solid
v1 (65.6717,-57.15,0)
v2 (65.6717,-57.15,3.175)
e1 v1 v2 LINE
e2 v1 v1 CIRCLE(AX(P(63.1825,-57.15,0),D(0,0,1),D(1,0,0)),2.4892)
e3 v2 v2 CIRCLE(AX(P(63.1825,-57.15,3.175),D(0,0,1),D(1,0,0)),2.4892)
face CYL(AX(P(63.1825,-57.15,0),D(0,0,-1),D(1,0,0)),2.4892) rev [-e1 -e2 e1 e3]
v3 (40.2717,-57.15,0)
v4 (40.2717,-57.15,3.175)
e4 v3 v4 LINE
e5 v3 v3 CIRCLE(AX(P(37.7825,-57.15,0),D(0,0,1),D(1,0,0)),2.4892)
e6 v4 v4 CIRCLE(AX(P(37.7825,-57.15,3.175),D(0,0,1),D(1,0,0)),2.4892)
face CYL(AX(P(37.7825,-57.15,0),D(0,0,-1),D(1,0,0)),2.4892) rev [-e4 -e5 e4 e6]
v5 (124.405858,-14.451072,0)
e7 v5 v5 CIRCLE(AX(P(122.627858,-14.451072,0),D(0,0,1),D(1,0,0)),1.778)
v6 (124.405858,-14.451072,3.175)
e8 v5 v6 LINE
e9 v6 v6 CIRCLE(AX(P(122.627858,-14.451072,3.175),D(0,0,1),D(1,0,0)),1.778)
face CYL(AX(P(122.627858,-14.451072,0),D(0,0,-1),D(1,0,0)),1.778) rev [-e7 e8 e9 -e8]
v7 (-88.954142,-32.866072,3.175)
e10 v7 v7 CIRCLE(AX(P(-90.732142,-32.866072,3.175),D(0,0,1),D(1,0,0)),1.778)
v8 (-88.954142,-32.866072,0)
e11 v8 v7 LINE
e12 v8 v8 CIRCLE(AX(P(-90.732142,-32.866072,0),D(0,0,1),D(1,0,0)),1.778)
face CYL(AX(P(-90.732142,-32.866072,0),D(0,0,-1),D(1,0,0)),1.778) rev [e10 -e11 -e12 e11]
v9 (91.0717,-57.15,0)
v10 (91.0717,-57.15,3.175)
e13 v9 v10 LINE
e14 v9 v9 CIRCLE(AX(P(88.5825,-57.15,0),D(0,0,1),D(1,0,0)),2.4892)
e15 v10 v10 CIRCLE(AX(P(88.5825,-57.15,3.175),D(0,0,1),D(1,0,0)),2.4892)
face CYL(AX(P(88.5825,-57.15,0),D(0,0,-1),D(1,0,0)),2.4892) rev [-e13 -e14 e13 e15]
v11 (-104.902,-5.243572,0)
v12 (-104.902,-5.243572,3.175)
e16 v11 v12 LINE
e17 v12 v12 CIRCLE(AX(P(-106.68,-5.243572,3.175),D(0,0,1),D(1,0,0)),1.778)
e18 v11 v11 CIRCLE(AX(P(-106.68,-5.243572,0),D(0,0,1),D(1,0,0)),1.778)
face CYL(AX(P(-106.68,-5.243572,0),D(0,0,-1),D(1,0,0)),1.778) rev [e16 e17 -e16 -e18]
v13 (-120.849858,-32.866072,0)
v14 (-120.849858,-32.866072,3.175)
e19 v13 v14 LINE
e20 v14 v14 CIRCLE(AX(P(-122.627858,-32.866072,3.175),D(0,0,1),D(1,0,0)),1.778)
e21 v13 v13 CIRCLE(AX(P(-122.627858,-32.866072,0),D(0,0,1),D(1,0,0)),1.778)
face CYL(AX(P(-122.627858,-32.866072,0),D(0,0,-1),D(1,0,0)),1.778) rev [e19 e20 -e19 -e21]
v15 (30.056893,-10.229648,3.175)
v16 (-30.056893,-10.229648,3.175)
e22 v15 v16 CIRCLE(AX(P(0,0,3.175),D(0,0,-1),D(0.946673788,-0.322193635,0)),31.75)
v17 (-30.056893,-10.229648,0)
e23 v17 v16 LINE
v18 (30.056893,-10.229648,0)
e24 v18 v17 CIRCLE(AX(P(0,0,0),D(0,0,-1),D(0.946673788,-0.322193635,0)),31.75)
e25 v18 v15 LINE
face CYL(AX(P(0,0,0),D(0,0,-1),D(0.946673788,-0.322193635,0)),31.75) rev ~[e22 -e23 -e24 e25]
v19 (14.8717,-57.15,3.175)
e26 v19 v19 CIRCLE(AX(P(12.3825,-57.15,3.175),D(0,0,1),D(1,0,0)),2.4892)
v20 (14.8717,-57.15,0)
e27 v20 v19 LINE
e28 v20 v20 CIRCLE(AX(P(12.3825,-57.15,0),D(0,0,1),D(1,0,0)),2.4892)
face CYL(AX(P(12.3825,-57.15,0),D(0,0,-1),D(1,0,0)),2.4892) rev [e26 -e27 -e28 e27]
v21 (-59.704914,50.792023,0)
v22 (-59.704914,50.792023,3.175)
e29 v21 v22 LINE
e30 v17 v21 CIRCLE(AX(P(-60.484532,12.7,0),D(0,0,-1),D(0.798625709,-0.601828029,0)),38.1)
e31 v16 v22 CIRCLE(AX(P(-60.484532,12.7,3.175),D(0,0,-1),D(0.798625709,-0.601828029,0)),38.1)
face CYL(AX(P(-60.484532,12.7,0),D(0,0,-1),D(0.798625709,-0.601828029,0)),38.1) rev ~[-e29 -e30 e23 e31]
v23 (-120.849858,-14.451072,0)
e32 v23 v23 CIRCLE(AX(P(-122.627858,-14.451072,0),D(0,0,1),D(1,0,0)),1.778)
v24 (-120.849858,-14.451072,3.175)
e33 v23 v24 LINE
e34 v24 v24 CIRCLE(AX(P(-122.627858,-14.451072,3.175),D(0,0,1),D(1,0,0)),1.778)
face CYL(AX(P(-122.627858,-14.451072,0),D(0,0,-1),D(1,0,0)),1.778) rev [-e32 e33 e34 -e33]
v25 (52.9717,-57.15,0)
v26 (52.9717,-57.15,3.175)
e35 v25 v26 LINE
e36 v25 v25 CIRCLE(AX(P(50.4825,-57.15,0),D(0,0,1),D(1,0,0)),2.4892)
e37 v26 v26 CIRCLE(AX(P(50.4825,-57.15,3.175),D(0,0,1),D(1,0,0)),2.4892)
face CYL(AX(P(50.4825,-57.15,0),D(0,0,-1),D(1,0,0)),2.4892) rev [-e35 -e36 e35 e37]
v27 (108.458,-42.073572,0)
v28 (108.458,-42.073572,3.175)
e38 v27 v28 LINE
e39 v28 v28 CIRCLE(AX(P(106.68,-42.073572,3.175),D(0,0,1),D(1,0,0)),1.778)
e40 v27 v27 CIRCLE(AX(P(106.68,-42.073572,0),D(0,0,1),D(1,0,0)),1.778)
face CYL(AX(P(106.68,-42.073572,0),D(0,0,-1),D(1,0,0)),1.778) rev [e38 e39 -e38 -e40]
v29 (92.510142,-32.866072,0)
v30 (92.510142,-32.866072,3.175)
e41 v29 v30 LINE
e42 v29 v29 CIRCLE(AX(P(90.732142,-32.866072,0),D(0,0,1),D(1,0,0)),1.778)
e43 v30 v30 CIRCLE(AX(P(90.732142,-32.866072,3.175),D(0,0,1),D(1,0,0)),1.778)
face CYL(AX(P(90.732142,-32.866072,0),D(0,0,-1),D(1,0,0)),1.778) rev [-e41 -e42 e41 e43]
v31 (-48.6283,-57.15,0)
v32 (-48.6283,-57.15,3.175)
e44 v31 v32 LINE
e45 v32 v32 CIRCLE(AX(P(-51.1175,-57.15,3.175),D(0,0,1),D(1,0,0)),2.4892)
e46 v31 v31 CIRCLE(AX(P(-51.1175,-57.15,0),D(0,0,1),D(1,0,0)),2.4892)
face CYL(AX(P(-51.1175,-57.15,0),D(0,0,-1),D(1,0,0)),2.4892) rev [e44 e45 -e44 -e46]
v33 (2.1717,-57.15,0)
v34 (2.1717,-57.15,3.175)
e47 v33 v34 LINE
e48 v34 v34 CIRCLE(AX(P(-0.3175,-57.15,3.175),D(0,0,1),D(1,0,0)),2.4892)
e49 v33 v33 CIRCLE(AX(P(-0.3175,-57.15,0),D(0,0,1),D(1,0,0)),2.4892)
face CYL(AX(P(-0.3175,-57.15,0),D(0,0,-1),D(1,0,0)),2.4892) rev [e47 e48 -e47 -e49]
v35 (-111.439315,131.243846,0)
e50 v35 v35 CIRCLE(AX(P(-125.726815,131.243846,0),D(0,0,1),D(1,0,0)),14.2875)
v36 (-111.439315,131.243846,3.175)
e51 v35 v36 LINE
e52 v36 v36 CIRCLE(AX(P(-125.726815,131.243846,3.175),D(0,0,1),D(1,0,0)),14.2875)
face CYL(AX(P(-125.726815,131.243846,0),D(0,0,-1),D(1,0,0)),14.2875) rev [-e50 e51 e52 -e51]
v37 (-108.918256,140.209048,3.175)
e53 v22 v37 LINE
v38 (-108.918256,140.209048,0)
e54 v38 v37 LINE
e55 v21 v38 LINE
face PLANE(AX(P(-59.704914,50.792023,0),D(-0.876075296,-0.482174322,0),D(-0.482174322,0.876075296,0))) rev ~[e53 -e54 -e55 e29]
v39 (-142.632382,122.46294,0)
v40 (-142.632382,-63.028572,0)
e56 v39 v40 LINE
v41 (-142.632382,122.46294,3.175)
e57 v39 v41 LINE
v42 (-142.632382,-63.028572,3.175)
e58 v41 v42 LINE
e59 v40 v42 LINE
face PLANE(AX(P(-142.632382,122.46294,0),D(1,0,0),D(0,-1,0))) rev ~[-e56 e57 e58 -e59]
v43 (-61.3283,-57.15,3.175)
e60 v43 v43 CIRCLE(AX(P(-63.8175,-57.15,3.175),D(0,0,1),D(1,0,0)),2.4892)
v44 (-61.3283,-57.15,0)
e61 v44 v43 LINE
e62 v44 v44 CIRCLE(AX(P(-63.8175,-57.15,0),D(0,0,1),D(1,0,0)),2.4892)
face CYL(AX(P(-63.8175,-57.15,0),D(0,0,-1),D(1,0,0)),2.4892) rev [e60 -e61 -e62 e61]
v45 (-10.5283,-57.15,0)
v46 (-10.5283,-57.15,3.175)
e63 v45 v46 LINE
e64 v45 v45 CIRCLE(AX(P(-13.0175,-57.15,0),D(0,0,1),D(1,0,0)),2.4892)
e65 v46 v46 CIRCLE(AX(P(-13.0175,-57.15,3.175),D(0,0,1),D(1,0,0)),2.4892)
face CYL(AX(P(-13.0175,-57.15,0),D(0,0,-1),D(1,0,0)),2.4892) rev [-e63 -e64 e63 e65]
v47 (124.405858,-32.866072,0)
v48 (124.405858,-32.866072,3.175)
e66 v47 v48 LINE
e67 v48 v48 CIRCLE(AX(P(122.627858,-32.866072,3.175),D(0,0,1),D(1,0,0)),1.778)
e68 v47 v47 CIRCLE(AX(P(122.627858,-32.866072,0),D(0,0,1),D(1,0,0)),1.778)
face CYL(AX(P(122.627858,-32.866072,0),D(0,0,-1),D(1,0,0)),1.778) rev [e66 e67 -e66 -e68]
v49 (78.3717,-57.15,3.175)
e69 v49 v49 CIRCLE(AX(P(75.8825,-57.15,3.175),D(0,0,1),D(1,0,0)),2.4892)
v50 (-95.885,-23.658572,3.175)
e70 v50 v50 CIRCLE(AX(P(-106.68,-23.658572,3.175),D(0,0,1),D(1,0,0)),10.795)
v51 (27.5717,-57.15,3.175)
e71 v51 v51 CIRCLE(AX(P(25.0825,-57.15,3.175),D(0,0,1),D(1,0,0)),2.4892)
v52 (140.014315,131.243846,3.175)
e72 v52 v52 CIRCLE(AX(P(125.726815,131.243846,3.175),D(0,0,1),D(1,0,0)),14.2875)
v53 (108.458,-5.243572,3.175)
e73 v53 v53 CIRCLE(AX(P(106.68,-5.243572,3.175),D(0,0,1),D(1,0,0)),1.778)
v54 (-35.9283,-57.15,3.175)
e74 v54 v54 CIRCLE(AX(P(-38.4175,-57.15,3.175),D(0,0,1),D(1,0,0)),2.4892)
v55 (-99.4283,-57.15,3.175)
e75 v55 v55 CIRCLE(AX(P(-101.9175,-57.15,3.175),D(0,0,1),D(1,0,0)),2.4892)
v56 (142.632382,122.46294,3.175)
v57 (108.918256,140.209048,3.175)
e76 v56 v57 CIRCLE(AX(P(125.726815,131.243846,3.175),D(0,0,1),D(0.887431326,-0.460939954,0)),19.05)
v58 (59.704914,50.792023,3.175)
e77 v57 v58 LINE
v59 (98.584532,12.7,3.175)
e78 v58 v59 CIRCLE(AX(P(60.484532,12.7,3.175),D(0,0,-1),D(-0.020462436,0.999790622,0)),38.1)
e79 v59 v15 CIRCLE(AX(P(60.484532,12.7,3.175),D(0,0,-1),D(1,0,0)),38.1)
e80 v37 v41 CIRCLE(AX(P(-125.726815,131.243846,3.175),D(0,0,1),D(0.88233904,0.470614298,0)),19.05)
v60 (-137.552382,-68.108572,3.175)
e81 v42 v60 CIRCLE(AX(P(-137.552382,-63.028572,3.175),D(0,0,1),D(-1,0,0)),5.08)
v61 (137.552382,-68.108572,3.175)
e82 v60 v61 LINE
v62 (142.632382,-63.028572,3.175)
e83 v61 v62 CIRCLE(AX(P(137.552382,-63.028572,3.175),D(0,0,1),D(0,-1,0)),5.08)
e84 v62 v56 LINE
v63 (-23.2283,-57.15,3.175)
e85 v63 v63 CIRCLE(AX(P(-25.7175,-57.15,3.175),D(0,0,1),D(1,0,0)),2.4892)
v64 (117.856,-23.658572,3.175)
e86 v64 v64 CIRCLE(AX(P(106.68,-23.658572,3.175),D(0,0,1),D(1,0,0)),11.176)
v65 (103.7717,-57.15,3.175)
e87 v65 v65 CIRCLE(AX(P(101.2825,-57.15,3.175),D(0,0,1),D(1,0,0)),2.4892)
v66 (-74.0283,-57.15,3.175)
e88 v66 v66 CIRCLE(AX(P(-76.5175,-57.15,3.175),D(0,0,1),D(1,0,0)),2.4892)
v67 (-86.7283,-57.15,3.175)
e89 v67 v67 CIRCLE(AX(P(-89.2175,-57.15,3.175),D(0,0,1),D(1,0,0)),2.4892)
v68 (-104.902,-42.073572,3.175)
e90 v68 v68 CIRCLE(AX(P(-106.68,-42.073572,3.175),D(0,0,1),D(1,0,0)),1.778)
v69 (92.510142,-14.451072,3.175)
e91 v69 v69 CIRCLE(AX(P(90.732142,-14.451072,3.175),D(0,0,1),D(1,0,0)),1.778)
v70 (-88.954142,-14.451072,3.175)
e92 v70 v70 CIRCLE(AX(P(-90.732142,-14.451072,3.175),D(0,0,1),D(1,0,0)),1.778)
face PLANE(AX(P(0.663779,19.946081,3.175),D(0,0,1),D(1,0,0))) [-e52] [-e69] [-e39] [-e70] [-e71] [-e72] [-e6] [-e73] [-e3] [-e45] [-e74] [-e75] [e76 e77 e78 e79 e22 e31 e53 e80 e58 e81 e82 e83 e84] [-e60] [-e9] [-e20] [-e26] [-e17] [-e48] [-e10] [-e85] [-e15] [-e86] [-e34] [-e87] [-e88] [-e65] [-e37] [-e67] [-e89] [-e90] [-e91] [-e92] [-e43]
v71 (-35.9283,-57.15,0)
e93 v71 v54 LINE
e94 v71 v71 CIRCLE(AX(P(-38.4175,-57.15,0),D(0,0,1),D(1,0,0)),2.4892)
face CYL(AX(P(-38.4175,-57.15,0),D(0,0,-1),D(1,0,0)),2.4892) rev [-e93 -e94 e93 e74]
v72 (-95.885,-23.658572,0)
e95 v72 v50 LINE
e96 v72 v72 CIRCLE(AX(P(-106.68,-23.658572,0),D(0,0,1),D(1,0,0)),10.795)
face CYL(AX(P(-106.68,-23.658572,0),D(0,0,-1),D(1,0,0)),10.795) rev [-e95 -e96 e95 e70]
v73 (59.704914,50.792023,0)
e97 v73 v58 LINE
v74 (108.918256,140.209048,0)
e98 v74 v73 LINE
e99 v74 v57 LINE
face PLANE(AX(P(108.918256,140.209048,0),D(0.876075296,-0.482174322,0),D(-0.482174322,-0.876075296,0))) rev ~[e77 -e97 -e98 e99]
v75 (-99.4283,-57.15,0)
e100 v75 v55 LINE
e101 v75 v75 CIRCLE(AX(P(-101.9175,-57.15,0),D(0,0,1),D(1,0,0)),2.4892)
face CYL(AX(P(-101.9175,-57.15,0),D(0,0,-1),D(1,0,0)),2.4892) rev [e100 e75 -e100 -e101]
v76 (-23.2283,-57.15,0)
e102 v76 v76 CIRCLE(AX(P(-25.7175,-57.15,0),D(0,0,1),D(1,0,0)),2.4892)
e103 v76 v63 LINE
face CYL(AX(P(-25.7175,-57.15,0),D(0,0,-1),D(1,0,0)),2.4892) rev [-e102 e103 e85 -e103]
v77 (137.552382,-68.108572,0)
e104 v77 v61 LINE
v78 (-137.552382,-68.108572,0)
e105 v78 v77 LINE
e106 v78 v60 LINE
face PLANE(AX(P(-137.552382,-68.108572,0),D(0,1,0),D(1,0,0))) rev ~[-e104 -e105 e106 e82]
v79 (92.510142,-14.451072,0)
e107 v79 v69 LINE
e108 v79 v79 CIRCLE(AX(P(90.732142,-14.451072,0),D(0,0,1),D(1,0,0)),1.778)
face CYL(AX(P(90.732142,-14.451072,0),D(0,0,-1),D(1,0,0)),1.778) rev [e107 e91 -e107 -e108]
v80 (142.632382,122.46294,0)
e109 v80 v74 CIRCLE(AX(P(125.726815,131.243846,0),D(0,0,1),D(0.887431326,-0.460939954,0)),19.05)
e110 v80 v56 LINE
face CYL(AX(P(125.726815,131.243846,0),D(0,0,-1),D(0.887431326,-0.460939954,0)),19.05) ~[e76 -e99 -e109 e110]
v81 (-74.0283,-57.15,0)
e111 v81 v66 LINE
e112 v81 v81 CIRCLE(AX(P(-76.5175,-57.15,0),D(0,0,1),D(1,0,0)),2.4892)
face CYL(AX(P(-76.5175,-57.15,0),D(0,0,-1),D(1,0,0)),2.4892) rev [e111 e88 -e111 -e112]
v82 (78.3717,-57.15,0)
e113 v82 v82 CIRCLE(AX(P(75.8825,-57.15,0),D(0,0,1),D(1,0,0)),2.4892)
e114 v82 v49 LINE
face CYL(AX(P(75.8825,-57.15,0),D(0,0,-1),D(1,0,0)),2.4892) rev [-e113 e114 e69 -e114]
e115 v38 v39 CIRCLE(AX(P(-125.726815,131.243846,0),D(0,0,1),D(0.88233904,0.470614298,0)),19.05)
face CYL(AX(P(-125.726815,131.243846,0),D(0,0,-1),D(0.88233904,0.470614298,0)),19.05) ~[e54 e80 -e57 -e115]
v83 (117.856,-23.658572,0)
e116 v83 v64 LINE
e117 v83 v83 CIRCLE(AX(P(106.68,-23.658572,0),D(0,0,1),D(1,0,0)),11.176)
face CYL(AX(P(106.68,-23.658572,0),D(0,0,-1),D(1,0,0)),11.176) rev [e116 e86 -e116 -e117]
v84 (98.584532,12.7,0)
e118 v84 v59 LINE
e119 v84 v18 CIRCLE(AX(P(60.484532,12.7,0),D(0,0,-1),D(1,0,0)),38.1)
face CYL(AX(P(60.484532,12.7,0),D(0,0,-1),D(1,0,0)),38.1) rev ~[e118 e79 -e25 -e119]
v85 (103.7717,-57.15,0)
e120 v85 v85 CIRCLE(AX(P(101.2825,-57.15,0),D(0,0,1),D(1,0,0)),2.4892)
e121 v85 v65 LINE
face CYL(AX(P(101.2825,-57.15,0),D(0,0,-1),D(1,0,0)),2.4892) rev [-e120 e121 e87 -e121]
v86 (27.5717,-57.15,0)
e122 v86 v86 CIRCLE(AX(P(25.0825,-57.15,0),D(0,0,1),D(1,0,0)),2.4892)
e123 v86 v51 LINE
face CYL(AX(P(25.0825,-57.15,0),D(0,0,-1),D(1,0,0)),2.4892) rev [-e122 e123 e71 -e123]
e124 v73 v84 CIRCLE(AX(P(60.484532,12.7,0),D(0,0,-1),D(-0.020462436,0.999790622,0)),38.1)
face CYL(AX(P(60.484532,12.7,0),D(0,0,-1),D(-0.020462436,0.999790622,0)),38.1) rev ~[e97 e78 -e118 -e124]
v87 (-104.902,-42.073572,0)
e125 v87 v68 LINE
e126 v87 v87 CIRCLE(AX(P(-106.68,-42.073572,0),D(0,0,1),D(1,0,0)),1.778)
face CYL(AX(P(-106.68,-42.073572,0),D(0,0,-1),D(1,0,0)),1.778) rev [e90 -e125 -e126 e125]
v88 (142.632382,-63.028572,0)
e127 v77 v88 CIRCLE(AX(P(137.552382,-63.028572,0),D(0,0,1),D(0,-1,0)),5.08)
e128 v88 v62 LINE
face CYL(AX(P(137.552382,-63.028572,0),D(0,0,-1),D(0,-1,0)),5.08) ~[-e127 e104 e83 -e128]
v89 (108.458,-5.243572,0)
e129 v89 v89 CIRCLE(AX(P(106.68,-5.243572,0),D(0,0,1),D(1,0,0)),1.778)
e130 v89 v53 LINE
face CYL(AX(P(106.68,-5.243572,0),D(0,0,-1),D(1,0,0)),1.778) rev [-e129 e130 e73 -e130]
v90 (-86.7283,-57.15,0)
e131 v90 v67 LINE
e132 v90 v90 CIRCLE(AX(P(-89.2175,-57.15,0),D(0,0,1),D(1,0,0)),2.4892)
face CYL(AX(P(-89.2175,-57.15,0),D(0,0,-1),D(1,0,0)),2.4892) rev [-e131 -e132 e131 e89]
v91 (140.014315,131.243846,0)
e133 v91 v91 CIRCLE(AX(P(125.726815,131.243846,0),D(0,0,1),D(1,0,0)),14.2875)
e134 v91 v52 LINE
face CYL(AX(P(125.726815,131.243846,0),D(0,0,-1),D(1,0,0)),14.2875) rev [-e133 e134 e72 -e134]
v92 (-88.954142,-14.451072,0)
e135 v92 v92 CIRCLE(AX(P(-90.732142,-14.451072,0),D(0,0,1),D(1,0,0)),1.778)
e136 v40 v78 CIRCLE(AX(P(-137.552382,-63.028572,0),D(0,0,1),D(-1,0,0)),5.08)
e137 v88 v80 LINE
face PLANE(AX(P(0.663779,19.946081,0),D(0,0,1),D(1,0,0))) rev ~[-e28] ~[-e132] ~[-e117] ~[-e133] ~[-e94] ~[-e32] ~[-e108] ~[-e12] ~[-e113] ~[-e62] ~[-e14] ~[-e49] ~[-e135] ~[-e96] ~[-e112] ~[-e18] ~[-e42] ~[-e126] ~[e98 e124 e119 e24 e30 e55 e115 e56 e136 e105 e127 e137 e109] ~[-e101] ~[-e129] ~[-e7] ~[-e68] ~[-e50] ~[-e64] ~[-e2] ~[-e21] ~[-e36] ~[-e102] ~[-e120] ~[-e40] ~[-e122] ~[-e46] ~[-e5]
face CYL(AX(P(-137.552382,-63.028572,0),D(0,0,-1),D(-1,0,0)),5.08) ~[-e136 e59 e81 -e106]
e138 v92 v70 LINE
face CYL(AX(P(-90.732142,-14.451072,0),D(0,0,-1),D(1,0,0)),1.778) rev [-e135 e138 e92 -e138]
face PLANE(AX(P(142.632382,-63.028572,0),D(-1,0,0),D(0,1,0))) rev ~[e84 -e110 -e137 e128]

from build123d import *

# Parameters (mm, degrees)
SKETCH2_R           = 2.4892
SKETCH2_R_2         = 1.778
SKETCH2_R_3         = 10.795
SKETCH2_R_4         = 11.176
SKETCH2_R_5         = 14.2875
BOSS_EXTRUDE1_DEPTH = 3.175


with BuildPart() as part:
    # Sketch2 → Boss-Extrude1 (new body)
    with BuildSketch(Plane.XY):
        with BuildLine():
            Line((142.632381685, -29.937060043), (142.632381685, 122.462939957))
            ThreePointArc((142.632381685, 122.462939957), (134.600001748, 148.101160684), (108.918256202, 140.209048468))
            Line((108.918256202, 140.209048468), (59.7049135, 50.792022715))
            ThreePointArc((59.7049135, 50.792022715), (87.148239137, 39.915009432), (98.584532313, 12.7))
            ThreePointArc((98.584532313, 12.7), (72.574133919, -23.431032825), (30.056892785, -10.229647899))
            ThreePointArc((30.056892785, -10.229647899), (0, -31.75), (-30.056892785, -10.229647899))
            ThreePointArc((-30.056892785, -10.229647899), (-94.75382344, -3.950095664), (-59.7049135, 50.792022715))
            Line((-59.7049135, 50.792022715), (-108.918256202, 140.209048469))
            ThreePointArc((-108.918256202, 140.209048469), (-134.600001748, 148.101160684), (-142.632381685, 122.462939957))
            Line((-142.632381685, 122.462939957), (-142.632381685, -29.937060043))
            Line((-142.632381685, -29.937060043), (-142.632381685, -57.15))
            Line((-142.632381685, -57.15), (-142.632381685, -63.028571866))
            ThreePointArc((-142.632381685, -63.028571866), (-141.144484133, -66.620674314), (-137.552381685, -68.108571866))
            Line((-137.552381685, -68.108571866), (137.552381685, -68.108571866))
            ThreePointArc((137.552381685, -68.108571866), (141.144484133, -66.620674314), (142.632381685, -63.028571866))
            Line((142.632381685, -63.028571866), (142.632381685, -57.15))
            Line((142.632381685, -57.15), (142.632381685, -29.937060043))
        make_face()
        with Locations((-101.9175, -57.15)):
            Circle(SKETCH2_R, mode=Mode.SUBTRACT)
        with Locations((-89.2175, -57.15)):
            Circle(SKETCH2_R, mode=Mode.SUBTRACT)
        with Locations((-76.5175, -57.15)):
            Circle(SKETCH2_R, mode=Mode.SUBTRACT)
        with Locations((-106.68, -42.073571866)):
            Circle(SKETCH2_R_2, mode=Mode.SUBTRACT)
        with Locations((-122.627857811, -32.866071866)):
            Circle(SKETCH2_R_2, mode=Mode.SUBTRACT)
        with Locations((-122.627857811, -14.451071866)):
            Circle(SKETCH2_R_2, mode=Mode.SUBTRACT)
        with Locations((-90.732142189, -32.866071866)):
            Circle(SKETCH2_R_2, mode=Mode.SUBTRACT)
        with Locations((-106.68, -23.658571866)):
            Circle(SKETCH2_R_3, mode=Mode.SUBTRACT)
        with Locations((-90.732142189, -14.451071866)):
            Circle(SKETCH2_R_2, mode=Mode.SUBTRACT)
        with Locations((-63.8175, -57.15)):
            Circle(SKETCH2_R, mode=Mode.SUBTRACT)
        with Locations((-51.1175, -57.15)):
            Circle(SKETCH2_R, mode=Mode.SUBTRACT)
        with Locations((-38.4175, -57.15)):
            Circle(SKETCH2_R, mode=Mode.SUBTRACT)
        with Locations((-25.7175, -57.15)):
            Circle(SKETCH2_R, mode=Mode.SUBTRACT)
        with Locations((-13.0175, -57.15)):
            Circle(SKETCH2_R, mode=Mode.SUBTRACT)
        with Locations((-0.3175, -57.15)):
            Circle(SKETCH2_R, mode=Mode.SUBTRACT)
        with Locations((-106.68, -5.243571866)):
            Circle(SKETCH2_R_2, mode=Mode.SUBTRACT)
        with Locations((12.3825, -57.15)):
            Circle(SKETCH2_R, mode=Mode.SUBTRACT)
        with Locations((25.0825, -57.15)):
            Circle(SKETCH2_R, mode=Mode.SUBTRACT)
        with Locations((37.7825, -57.15)):
            Circle(SKETCH2_R, mode=Mode.SUBTRACT)
        with Locations((50.4825, -57.15)):
            Circle(SKETCH2_R, mode=Mode.SUBTRACT)
        with Locations((63.1825, -57.15)):
            Circle(SKETCH2_R, mode=Mode.SUBTRACT)
        with Locations((75.8825, -57.15)):
            Circle(SKETCH2_R, mode=Mode.SUBTRACT)
        with Locations((88.5825, -57.15)):
            Circle(SKETCH2_R, mode=Mode.SUBTRACT)
        with Locations((101.2825, -57.15)):
            Circle(SKETCH2_R, mode=Mode.SUBTRACT)
        with Locations((106.68, -42.073571866)):
            Circle(SKETCH2_R_2, mode=Mode.SUBTRACT)
        with Locations((90.732142189, -32.866071866)):
            Circle(SKETCH2_R_2, mode=Mode.SUBTRACT)
        with Locations((106.68, -23.658571866)):
            Circle(SKETCH2_R_4, mode=Mode.SUBTRACT)
        with Locations((90.732142189, -14.451071866)):
            Circle(SKETCH2_R_2, mode=Mode.SUBTRACT)
        with Locations((122.627857811, -32.866071866)):
            Circle(SKETCH2_R_2, mode=Mode.SUBTRACT)
        with Locations((122.627857811, -14.451071866)):
            Circle(SKETCH2_R_2, mode=Mode.SUBTRACT)
        with Locations((106.68, -5.243571866)):
            Circle(SKETCH2_R_2, mode=Mode.SUBTRACT)
        with Locations((-125.726814921, 131.243846084)):
            Circle(SKETCH2_R_5, mode=Mode.SUBTRACT)
        with Locations((125.726814921, 131.243846084)):
            Circle(SKETCH2_R_5, mode=Mode.SUBTRACT)
    extrude(amount=BOSS_EXTRUDE1_DEPTH)


solid = part.part
